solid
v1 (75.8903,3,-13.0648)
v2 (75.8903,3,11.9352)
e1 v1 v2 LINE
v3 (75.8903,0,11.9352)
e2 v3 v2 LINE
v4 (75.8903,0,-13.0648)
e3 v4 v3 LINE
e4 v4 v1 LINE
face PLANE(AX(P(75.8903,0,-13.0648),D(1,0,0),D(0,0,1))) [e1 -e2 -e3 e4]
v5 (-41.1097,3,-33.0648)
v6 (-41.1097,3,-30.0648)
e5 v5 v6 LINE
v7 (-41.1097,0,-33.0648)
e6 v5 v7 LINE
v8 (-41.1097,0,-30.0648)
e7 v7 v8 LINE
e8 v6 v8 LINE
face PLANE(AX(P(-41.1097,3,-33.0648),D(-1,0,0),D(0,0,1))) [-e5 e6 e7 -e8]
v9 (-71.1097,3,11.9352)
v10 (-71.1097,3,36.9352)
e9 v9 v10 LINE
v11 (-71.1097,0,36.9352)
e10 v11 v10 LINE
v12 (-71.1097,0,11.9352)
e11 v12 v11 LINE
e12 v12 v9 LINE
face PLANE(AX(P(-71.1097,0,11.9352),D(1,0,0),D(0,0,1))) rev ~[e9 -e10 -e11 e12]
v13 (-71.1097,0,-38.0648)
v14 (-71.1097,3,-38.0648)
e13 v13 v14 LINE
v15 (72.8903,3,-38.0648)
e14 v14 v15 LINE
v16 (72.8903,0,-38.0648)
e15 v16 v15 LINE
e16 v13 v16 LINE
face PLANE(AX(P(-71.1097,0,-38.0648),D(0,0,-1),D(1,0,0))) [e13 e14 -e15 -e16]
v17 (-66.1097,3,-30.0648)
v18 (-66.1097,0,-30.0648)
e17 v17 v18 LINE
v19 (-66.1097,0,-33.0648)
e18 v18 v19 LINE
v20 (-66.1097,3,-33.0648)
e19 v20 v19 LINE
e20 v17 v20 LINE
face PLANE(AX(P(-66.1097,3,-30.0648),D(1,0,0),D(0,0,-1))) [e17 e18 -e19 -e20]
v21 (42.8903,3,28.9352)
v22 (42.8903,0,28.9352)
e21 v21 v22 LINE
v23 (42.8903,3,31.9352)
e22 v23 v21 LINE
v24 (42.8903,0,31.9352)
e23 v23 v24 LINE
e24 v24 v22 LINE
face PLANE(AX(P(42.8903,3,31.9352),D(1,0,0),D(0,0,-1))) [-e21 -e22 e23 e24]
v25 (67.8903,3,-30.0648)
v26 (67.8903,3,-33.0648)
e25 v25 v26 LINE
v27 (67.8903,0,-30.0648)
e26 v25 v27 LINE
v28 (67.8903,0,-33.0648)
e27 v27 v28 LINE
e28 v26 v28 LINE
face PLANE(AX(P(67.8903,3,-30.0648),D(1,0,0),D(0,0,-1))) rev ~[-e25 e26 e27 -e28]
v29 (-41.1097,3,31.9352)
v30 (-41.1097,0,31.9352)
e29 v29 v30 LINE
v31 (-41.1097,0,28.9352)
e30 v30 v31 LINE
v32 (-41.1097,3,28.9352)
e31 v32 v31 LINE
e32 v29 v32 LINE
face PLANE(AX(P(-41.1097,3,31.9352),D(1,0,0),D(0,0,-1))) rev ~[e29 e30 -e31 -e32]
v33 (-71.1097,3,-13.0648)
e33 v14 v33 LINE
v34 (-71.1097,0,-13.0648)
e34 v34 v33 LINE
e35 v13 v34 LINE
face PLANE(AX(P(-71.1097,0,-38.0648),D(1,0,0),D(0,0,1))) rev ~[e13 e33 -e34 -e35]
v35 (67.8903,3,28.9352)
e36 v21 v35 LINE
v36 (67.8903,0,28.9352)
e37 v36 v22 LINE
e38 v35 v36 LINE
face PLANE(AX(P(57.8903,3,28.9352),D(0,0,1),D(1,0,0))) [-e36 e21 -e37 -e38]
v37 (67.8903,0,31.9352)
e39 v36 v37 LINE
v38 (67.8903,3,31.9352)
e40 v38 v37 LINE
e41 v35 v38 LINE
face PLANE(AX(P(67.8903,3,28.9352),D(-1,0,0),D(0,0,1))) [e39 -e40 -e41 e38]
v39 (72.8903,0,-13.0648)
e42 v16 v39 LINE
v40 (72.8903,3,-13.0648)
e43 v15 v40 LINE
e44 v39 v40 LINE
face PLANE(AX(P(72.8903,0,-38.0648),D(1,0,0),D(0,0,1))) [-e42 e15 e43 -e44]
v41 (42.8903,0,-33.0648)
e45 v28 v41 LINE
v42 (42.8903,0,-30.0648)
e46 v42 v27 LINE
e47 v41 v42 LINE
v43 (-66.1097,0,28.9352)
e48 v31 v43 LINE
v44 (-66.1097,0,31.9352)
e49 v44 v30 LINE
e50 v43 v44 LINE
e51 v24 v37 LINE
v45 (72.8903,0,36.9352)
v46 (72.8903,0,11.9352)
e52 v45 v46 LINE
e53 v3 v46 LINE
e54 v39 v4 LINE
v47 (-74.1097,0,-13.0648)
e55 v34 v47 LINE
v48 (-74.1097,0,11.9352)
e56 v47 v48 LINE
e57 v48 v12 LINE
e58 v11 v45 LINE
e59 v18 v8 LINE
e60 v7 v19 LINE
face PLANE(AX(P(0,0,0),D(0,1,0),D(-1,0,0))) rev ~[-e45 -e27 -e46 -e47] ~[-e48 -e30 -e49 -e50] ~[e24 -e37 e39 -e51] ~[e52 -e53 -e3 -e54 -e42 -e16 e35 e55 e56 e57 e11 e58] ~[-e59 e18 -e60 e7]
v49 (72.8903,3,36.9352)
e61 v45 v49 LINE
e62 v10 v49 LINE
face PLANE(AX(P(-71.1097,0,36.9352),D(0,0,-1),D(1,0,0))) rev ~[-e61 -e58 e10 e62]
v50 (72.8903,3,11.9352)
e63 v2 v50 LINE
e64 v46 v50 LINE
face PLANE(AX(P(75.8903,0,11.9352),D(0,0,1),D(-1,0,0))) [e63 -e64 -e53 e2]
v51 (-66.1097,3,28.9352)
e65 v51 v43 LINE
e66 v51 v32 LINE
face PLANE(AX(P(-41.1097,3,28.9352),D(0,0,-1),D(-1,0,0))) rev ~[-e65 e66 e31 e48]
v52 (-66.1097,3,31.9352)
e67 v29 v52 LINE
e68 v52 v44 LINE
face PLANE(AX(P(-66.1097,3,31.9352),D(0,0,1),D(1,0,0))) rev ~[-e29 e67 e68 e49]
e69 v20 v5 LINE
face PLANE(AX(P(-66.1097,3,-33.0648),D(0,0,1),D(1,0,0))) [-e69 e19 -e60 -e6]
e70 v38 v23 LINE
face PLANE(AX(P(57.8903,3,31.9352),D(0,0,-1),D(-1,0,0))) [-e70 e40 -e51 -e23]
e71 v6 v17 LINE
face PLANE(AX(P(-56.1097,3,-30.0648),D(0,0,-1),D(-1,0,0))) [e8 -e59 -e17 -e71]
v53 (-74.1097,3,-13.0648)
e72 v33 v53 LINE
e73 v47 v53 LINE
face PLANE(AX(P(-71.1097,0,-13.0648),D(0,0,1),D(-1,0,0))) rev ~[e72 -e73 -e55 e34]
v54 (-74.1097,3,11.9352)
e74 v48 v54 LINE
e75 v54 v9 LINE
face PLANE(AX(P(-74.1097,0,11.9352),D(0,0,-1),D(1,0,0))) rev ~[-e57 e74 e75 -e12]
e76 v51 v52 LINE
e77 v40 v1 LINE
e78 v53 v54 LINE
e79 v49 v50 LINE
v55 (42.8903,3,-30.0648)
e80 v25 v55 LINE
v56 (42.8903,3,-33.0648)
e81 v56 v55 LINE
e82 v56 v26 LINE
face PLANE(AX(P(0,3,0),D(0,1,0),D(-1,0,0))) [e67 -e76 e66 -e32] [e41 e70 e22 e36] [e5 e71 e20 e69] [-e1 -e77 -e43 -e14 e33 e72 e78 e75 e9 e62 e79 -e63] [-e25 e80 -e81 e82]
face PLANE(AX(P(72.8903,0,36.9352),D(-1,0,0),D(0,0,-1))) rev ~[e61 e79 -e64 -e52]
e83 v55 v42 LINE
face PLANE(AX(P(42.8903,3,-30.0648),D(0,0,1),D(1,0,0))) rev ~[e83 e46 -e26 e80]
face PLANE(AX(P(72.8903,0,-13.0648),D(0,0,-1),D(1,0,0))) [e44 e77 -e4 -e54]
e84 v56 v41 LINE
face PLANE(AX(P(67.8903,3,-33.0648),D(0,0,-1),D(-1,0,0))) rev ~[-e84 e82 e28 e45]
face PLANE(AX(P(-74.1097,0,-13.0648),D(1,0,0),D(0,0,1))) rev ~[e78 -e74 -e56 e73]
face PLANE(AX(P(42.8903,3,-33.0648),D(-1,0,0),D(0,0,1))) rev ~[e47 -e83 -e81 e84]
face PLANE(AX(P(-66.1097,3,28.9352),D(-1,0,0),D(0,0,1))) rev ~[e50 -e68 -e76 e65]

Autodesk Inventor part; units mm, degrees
ref_plane "YZ Plane" through (0, 0, 0) normal (1, 0, 0) x (0, 1, 0)
ref_plane "XZ Plane" through (0, 0, 0) normal (0, 1, 0) x (-1, 0, 0)
ref_plane "XY Plane" through (0, 0, 0) normal (0, 0, 1) x (1, 0, 0)
sketch "Sketch1" plane through (0, 0, 0) normal (0, 1, 0) x (-1, 0, 0)
  line L0 (71.1097, -38.0648) -> (71.1097, -13.0648)
  line L1 (71.1097, -13.0648) -> (74.1097, -13.0648)
  line L2 (74.1097, -13.0648) -> (74.1097, 11.9352)
  line L3 (74.1097, 11.9352) -> (71.1097, 11.9352)
  line L4 (71.1097, 11.9352) -> (71.1097, 36.9352)
  line L5 (-72.8903, -38.0648) -> (-72.8903, -13.0648)
  line L6 (-72.8903, 36.9352) -> (-72.8903, 11.9352)
  line L7 (-72.8903, -13.0648) -> (-75.8903, -13.0648)
  line L8 (-75.8903, -13.0648) -> (-75.8903, 11.9352)
  line L9 (-75.8903, 11.9352) -> (-72.8903, 11.9352)
  line L10 (71.1097, -38.0648) -> (-72.8903, -38.0648)
  line L11 (71.1097, 36.9352) -> (-72.8903, 36.9352)
  point P0 (0, 0)
extrude "Extrusion1" add sketch "Sketch1" along normal blind 3
sketch "Sketch2" plane through (0, 3, 0) normal (0, 1, 0) x (1, 0, 0)
  line L0 (-71.1097, -36.9352) -> (72.8903, -36.9352) projected
  line L1 (-66.1097, -31.9352) -> (-56.1097, -31.9352)
  line L2 (-56.1097, -31.9352) -> (-56.1097, -28.9352)
  line L3 (-56.1097, -28.9352) -> (-66.1097, -28.9352)
  line L4 (-66.1097, -28.9352) -> (-66.1097, -31.9352)
  line L5 (72.8903, 38.0648) -> (-71.1097, 38.0648) projected
  line L6 (-56.1097, 30.0648) -> (-66.1097, 30.0648)
  line L7 (-66.1097, 30.0648) -> (-66.1097, 33.0648)
  line L8 (-66.1097, 33.0648) -> (-56.1097, 33.0648)
  line L9 (-56.1097, 33.0648) -> (-56.1097, 30.0648)
  line L10 (67.8903, 33.0648) -> (57.8903, 33.0648)
  line L11 (57.8903, 33.0648) -> (57.8903, 30.0648)
  line L12 (57.8903, 30.0648) -> (67.8903, 30.0648)
  line L13 (67.8903, 30.0648) -> (67.8903, 33.0648)
  line L14 (67.8903, -31.9352) -> (57.8903, -31.9352)
  line L15 (57.8903, -31.9352) -> (57.8903, -28.9352)
  line L16 (57.8903, -28.9352) -> (67.8903, -28.9352)
  line L17 (67.8903, -28.9352) -> (67.8903, -31.9352)
  point P0 (0, 0)
extrude "Extrusion2" cut sketch "Sketch2" against normal blind 30
sketch "Sketch3" plane through (0, 3, 0) normal (0, 1, 0) x (1, 0, 0)
  line L0 (72.8903, 38.0648) -> (-71.1097, 38.0648) projected
  circle A0 centre (-14.1097, 28.0648) radius 5
  circle A1 centre (15.8903, 28.0648) radius 5
  line L1 (-71.1097, -36.9352) -> (72.8903, -36.9352) projected
  circle A2 centre (-14.1097, -26.9352) radius 5
  circle A3 centre (15.8903, -26.9352) radius 5
  point P0 (0, 0)
  dimension "d35" = 10
  dimension "d36" = 10
  dimension "d39" = 10
  dimension "d40" = 10
extrude "Extrusion3" cut sketch "Sketch3" against normal blind 30
sketch "Sketch4" plane through (0, 3, 0) normal (0, 1, 0) x (1, 0, 0)
  line L0 (-56.1097, 33.0648) -> (-56.1097, 30.0648) projected
  line L1 (-56.1097, 33.0648) -> (-41.1097, 33.0648)
  line L2 (-41.1097, 33.0648) -> (-41.1097, 30.0648)
  line L3 (-41.1097, 30.0648) -> (-56.1097, 30.0648)
  line L4 (-56.1097, 30.0648) -> (-56.1097, 33.0648)
  line L5 (57.8903, 33.0648) -> (42.8903, 33.0648)
  line L6 (42.8903, 33.0648) -> (42.8903, 30.0648)
  line L7 (42.8903, 30.0648) -> (57.8903, 30.0648)
  line L8 (57.8903, 30.0648) -> (57.8903, 33.0648)
  line L9 (-56.1097, -31.9352) -> (-66.1097, -31.9352) projected
  line L10 (-56.1097, -31.9352) -> (-41.1097, -31.9352)
  line L11 (-41.1097, -31.9352) -> (-41.1097, -28.9352)
  line L12 (-41.1097, -28.9352) -> (-56.1097, -28.9352)
  line L13 (-56.1097, -28.9352) -> (-56.1097, -31.9352)
  line L14 (57.8903, -31.9352) -> (57.8903, -28.9352) projected
  line L15 (57.8903, -31.9352) -> (42.8903, -31.9352)
  line L16 (42.8903, -31.9352) -> (42.8903, -28.9352)
  line L17 (42.8903, -28.9352) -> (57.8903, -28.9352)
  line L18 (57.8903, -28.9352) -> (57.8903, -31.9352)
  point P0 (0, 0)
  dimension "d43" = 15
  dimension "d44" = 15
extrude "Extrusion4" cut sketch "Sketch4" against normal blind 10
sketch "Sketch5" plane through (0, 3, 0) normal (0, 1, 0) x (1, 0, 0)
  circle A0 centre (-14.1097, 28.0648) radius 5 projected
  circle A1 centre (-14.1097, 28.0648) radius 5
  circle A2 centre (15.8903, 28.0648) radius 5 projected
  circle A3 centre (15.8903, 28.0648) radius 5
  circle A4 centre (15.8903, -26.9352) radius 5 projected
  circle A5 centre (15.8903, -26.9352) radius 5
  circle A6 centre (-14.1097, -26.9352) radius 5 projected
  circle A7 centre (-14.1097, -26.9352) radius 5
  point P0 (0, 0)
extrude "Extrusion5" add sketch "Sketch5" against normal blind 3
properties part number "Level1 (Motoren)"
